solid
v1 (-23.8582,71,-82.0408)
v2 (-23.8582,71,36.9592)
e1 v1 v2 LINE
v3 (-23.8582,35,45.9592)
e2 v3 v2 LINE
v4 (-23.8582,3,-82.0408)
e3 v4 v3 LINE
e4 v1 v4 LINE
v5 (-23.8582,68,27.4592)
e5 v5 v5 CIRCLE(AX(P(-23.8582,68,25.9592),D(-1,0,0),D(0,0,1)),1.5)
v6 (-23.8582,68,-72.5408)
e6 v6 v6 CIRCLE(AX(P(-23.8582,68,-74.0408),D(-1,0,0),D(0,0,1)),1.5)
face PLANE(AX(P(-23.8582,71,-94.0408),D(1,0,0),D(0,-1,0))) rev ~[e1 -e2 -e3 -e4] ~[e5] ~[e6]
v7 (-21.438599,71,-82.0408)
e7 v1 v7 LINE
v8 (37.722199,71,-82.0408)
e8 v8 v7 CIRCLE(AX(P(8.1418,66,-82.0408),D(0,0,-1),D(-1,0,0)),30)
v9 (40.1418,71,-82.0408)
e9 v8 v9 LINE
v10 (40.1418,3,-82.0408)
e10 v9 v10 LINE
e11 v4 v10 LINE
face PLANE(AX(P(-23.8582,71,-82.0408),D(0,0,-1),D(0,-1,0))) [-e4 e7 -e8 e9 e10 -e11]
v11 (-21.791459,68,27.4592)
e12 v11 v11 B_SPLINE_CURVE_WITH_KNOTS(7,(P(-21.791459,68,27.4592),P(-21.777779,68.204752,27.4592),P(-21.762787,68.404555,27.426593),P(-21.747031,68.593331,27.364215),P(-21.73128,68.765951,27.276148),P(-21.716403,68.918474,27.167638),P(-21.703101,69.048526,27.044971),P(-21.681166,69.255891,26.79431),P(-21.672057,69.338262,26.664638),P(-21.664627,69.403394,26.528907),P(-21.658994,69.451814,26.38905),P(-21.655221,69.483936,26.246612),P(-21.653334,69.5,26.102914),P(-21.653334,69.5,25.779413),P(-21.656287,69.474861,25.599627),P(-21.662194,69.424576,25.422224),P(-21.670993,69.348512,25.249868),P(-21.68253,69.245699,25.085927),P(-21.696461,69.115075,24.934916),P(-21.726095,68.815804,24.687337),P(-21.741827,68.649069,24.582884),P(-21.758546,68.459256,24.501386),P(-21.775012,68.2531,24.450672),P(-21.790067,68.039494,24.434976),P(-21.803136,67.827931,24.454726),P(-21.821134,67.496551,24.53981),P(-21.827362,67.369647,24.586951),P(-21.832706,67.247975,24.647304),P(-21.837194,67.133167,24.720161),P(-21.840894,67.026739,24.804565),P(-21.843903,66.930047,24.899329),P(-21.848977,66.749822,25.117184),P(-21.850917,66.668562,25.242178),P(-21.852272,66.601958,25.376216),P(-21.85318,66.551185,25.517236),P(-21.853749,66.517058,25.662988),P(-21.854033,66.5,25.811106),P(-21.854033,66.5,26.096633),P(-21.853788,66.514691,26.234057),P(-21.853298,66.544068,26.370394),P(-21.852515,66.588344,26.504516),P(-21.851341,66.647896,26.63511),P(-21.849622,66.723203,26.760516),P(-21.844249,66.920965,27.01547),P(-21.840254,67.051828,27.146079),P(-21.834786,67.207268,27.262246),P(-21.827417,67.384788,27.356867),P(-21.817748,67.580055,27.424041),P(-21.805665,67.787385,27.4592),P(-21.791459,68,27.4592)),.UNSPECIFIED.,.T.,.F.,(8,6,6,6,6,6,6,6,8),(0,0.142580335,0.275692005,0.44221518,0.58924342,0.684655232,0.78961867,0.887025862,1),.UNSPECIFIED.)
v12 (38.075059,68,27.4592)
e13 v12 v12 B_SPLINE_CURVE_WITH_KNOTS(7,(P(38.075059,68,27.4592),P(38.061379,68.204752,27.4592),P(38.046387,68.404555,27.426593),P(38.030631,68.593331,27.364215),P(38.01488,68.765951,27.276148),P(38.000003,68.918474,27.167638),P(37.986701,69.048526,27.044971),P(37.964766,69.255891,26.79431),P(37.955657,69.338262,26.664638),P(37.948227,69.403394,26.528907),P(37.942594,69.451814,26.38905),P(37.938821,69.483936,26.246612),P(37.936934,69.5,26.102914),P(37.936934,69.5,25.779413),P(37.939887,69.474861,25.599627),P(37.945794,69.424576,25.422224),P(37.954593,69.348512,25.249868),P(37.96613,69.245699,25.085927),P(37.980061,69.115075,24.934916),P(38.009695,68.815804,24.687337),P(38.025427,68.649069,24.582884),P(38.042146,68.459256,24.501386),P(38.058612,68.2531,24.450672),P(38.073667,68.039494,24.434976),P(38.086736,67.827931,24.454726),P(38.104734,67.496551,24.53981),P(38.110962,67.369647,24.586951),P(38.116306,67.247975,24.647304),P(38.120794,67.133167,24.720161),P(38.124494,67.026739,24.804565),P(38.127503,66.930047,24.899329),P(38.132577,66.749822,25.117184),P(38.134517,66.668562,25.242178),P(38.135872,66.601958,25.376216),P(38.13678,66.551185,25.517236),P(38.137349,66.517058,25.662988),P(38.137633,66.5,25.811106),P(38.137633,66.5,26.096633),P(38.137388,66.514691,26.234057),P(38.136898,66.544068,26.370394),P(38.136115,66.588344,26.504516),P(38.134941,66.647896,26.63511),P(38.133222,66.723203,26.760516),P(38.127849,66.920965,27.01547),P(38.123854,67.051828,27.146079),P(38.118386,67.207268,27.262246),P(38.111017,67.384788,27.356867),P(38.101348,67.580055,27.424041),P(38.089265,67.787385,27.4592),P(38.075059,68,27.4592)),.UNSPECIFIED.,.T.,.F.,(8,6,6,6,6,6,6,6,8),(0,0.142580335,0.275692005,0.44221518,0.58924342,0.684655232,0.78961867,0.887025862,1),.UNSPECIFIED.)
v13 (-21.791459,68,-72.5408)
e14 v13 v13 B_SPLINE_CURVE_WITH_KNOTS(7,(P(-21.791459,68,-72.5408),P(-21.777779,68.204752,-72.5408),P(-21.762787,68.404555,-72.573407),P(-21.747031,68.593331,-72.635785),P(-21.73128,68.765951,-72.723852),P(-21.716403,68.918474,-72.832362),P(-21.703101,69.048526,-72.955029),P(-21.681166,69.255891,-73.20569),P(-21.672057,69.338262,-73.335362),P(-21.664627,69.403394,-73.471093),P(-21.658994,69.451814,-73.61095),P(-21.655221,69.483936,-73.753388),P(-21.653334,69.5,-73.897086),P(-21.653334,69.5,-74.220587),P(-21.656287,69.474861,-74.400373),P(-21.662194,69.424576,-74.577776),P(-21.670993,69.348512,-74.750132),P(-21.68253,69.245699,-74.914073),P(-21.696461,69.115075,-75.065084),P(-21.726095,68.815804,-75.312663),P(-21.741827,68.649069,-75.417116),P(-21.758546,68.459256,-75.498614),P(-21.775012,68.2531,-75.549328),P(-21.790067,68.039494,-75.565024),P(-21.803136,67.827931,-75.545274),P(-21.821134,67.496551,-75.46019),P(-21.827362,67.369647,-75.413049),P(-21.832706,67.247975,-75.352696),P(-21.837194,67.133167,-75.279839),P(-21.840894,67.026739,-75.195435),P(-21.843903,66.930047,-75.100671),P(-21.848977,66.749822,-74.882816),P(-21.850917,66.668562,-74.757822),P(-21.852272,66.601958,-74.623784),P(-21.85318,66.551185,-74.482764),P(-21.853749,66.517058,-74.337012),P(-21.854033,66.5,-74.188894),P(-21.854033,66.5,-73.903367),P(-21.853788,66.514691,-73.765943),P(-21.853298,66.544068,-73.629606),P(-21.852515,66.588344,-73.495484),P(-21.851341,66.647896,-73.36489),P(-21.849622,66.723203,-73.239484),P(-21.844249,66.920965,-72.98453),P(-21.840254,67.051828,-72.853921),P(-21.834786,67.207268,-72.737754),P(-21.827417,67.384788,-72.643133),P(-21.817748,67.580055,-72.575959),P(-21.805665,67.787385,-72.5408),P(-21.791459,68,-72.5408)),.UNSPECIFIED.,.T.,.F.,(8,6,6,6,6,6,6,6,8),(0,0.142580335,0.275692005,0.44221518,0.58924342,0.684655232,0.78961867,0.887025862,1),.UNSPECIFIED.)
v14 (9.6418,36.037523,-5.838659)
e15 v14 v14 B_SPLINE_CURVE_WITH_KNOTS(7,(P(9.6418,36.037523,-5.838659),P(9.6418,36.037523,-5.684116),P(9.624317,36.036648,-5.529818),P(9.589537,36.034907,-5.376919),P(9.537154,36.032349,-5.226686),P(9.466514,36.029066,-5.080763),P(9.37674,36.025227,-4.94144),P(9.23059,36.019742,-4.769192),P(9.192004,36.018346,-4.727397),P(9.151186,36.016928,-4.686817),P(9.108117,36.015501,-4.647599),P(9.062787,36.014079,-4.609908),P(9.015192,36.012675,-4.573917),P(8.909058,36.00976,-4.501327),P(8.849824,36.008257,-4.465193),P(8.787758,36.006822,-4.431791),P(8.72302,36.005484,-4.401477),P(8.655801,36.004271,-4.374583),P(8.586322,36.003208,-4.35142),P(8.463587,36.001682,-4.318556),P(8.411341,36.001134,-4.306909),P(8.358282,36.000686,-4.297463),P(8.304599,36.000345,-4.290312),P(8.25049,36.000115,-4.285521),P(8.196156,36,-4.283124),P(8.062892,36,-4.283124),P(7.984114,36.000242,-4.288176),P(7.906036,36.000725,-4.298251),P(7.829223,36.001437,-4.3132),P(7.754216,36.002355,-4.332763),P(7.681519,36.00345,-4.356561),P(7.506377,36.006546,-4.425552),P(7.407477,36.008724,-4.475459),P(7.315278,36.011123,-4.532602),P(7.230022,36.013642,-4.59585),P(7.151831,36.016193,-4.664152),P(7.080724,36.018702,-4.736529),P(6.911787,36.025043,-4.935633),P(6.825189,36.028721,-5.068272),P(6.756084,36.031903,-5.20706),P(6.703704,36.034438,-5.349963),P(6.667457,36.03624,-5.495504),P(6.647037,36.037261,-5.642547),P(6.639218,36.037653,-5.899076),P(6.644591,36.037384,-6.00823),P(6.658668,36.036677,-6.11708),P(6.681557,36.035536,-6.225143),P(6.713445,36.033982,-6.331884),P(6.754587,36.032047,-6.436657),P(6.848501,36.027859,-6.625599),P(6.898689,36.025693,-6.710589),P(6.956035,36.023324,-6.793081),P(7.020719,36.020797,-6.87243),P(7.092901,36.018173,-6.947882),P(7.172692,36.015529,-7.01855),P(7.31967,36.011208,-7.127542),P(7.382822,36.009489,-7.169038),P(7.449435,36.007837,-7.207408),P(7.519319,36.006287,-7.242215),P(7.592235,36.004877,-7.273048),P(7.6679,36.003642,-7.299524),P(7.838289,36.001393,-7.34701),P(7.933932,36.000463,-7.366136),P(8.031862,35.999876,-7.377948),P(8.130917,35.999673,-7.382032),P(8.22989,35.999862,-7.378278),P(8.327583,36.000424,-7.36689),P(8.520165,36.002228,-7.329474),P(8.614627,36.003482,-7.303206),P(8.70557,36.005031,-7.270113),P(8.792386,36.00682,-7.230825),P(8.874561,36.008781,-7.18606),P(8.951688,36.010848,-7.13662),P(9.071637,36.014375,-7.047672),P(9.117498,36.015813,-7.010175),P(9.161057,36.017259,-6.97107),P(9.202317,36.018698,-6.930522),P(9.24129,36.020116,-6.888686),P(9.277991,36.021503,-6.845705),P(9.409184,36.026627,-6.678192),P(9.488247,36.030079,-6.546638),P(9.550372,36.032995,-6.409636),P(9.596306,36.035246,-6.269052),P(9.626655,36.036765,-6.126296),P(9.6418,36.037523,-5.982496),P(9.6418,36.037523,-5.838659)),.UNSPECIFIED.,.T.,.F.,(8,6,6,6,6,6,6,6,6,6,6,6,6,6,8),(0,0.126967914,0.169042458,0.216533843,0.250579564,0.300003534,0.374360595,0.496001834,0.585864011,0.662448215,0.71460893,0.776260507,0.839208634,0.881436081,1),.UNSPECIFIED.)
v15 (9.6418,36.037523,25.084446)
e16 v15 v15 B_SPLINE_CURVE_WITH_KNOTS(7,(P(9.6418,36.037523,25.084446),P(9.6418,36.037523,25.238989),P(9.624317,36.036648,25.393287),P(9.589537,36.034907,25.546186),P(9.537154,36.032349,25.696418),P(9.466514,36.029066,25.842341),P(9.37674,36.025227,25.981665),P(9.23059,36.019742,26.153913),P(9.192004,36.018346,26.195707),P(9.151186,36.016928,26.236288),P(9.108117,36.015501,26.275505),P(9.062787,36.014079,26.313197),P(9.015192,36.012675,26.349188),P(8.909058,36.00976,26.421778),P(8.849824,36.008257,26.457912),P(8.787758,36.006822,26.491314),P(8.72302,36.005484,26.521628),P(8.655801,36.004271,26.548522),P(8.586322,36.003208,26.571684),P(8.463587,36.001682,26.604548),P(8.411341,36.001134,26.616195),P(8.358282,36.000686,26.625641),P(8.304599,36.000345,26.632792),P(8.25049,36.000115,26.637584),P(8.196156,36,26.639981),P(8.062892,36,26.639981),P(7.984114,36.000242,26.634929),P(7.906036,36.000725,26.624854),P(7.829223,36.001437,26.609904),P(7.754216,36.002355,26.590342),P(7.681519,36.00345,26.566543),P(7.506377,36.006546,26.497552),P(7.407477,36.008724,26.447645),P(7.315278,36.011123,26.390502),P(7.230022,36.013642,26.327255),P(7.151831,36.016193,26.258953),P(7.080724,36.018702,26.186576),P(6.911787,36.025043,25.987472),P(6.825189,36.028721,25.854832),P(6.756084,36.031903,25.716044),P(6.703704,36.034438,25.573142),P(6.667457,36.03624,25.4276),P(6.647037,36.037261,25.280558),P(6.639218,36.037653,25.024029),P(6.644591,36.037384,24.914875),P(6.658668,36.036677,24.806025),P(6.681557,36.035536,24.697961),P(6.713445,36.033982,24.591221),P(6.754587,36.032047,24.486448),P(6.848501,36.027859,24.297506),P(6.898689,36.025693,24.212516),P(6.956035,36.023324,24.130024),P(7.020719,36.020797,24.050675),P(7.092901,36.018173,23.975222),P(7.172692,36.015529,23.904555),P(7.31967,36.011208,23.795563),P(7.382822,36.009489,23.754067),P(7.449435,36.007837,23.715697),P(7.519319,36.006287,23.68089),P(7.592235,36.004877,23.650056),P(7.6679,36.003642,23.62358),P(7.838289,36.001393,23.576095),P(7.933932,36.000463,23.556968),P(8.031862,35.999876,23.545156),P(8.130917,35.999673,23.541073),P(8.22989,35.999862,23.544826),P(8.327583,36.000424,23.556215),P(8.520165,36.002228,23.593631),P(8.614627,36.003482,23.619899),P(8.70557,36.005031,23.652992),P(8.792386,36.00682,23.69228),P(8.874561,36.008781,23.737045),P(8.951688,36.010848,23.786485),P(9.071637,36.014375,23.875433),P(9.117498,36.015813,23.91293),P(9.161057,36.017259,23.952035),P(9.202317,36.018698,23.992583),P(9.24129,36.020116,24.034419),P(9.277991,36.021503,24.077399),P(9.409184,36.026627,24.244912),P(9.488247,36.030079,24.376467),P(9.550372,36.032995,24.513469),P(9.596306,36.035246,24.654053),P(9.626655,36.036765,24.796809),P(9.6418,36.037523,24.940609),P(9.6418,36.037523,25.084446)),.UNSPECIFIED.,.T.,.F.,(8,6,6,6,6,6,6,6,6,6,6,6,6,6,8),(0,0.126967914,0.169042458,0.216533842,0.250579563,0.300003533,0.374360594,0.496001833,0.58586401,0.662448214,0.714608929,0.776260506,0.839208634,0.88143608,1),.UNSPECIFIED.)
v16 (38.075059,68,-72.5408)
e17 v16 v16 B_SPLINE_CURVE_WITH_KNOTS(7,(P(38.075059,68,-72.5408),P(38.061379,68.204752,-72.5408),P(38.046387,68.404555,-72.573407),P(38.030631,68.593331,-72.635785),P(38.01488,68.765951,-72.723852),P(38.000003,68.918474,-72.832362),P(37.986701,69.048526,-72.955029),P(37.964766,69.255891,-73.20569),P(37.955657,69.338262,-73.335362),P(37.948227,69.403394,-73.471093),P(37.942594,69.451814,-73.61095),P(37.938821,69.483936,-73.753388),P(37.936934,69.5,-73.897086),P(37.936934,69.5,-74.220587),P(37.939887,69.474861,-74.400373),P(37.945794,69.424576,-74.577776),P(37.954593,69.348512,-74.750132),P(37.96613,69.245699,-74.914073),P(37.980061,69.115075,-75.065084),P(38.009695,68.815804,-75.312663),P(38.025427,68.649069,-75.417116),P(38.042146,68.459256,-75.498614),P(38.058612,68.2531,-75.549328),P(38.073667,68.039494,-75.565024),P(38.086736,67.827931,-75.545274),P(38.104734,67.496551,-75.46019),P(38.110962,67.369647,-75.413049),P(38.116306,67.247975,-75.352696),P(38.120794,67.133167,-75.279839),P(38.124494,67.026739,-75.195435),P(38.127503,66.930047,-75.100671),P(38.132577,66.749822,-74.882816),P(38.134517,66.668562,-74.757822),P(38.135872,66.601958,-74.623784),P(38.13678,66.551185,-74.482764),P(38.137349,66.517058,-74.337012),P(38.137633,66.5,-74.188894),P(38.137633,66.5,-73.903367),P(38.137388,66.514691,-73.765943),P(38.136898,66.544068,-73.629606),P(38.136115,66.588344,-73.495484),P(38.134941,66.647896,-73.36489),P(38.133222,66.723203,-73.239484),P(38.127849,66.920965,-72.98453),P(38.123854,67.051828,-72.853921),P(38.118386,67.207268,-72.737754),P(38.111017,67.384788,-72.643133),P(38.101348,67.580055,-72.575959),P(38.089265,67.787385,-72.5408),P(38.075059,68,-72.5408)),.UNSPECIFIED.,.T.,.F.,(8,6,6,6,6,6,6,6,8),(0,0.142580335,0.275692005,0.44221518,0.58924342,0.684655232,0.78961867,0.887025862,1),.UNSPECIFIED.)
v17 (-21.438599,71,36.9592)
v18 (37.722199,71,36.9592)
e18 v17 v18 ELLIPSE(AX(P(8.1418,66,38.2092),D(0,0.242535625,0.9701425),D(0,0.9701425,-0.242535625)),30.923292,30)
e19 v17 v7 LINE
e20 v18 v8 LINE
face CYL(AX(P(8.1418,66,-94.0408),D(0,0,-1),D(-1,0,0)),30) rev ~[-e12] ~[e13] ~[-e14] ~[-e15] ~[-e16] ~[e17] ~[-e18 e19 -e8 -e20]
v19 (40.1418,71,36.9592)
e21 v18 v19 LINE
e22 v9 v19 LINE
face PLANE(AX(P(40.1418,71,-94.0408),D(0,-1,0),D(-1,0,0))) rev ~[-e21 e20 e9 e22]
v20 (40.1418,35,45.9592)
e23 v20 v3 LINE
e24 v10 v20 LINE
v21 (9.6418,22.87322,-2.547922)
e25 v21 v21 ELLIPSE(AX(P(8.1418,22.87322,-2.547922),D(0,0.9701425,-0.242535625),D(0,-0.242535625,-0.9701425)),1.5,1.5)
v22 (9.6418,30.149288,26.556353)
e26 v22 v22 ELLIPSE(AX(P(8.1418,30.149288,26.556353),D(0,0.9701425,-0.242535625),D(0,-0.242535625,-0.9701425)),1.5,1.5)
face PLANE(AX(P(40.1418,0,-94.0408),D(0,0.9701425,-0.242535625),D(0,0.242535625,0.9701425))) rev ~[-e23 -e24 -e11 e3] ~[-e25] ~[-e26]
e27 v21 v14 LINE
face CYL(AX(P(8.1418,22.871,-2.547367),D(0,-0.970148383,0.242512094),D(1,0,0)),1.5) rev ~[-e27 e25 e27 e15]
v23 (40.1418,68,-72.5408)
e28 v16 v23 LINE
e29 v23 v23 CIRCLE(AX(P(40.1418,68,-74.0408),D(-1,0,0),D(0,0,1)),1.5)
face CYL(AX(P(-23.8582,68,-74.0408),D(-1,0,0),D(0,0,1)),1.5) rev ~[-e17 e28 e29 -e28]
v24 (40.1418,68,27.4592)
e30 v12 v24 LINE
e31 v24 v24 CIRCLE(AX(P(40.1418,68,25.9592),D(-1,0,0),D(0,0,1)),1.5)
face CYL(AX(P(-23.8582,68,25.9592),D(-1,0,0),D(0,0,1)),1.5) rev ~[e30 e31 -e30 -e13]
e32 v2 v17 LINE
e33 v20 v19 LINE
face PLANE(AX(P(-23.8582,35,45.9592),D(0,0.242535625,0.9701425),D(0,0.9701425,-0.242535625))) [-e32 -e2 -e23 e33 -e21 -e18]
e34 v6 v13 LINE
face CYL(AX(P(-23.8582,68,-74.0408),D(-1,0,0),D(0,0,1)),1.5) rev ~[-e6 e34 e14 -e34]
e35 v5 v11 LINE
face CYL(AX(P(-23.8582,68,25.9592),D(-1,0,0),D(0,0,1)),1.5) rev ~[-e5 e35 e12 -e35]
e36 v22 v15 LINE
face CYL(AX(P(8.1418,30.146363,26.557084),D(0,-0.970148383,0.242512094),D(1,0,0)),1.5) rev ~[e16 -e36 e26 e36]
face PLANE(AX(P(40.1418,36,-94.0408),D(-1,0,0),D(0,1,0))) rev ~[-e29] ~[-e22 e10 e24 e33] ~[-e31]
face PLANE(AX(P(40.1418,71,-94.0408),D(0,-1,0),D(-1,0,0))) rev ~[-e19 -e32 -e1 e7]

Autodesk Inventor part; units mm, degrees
ref_plane "YZ Plane" through (0, 0, 0) normal (1, 0, 0) x (0, 1, 0)
ref_plane "XZ Plane" through (0, 0, 0) normal (0, 1, 0) x (-1, 0, 0)
ref_plane "XY Plane" through (0, 0, 0) normal (0, 0, 1) x (1, 0, 0)
sketch "Sketch1" plane through (0, 0, 0) normal (0, 1, 0) x (-1, 0, 0)
  line L0 (23.8582, 45.9592) -> (-40.1418, 45.9592)
  line L1 (-40.1418, 45.9592) -> (-40.1418, -94.0408)
  line L2 (-40.1418, -94.0408) -> (23.8582, -94.0408)
  line L3 (23.8582, -94.0408) -> (23.8582, 45.9592)
  point P0 (0, 0)
  dimension "d0" = 140
  dimension "d1" = 64
extrude "Extrusion1" add sketch "Sketch1" along normal blind 36
sketch "Sketch2" plane through (40.1418, 0, 45.9592) normal (1, 0, 0) x (0, 0, -1)
  line L0 (0, 0) -> (140, 0) projected
  line L1 (0, 36) -> (140, 36) projected
  line L2 (0, 0) -> (0, 36)
  line L3 (140, 0) -> (0, 35)
  line L4 (0, 0) -> (0, 36) projected
  point P0 (45.9592, 0)
  dimension "d35" = 1
extrude "Extrusion2" cut sketch "Sketch2" against normal through all
sketch "Sketch5" plane through (40.1418, 36, -94.0408) normal (0, 0, -1) x (-1, 0, 0)
  line L0 (64, 0) -> (0, 0)
  line L1 (0, 0) -> (0, 35)
  line L2 (0, 35) -> (64, 35)
  line L3 (64, 35) -> (64, 0)
  line L4 (64, -36) -> (64, 0) projected
  line L5 (0, -36) -> (0, 0) projected
  line L6 (0, 0) -> (64, 0) projected
  point P0 (40.1418, -36)
  dimension "d18" = 0
  dimension "d19" = 0
  dimension "d20" = 35
  dimension "d23" = 0
extrude "Extrusion3" add sketch "Sketch5" against normal blind 140
sketch "Sketch8" plane through (40.1418, 0, -94.0408) normal (0, 0, -1) x (-1, 0, 0)
  circle A0 centre (32, 66) radius 30
  line L0 (0, 0) -> (64, 0) projected
  line L1 (0, 0) -> (0, 71) projected
  point P0 (40.1418, 0)
  dimension "d43" = 66
  dimension "d44" = 32
  dimension "d45" = 60
extrude "Extrusion6" cut sketch "Sketch8" against normal through all
sketch "Sketch9" plane through (-23.8582, 0, -94.0408) normal (-1, 0, 0) x (0, 0, 1)
  circle A0 centre (20, 68) radius 1.5
  circle A1 centre (120, 68) radius 1.5
  line L0 (0, 0) -> (0, 71) projected
  line L1 (0, 71) -> (140, 71) projected
  point P0 (94.0408, 0)
  dimension "d48" = 20
  dimension "d49" = 3
  dimension "d50" = 3
  dimension "d51" = 3
  dimension "d52" = 3
  dimension "d53" = 120
extrude "Extrusion7" cut sketch "Sketch9" against normal through all
sketch "Sketch10" plane through (-23.8582, 0, -94.0408) normal (-1, 0, 0) x (0, 0, 1)
  line L0 (140, 35) -> (140, 71) projected
  line L1 (140, 35) -> (131, 71)
  line L2 (0, 0) -> (140, 35) projected
  line L3 (140, 71) -> (131, 71)
  line L4 (0, 71) -> (140, 71) projected
  line L5 (140, 71) -> (0, 71) projected
  line L6 (12, 71) -> (12, 3)
  line L7 (0, 0) -> (0, 71) projected
  point P0 (94.0408, 0)
  dimension "d56" = 90
  dimension "d67" = 12
extrude "Extrusion8" cut sketch "Sketch10" against normal through all contours L1 L3 L0 | L2 L7 L4 L6
sketch "Sketch11" plane through (-23.8582, 0, -94.0408) normal (0, -0.9701, 0.2425) x (1, 0, 0)
  circle A0 centre (32, 124.3087) radius 1.5
  line L0 (0, 0) -> (0, 144.3087) projected
  line L1 (0, 144.3087) -> (64, 144.3087) projected
  circle A1 centre (32, 94.3087) radius 1.5
  point P0 (23.8582, 91.2329)
  dimension "d59" = 3
  dimension "d60" = 32
  dimension "d61" = 20
  dimension "d62" = 32
  dimension "d63" = 50
  dimension "d64" = 3
extrude "Extrusion9" cut sketch "Sketch11" against normal through all
properties part number "rampe-goulotte"
